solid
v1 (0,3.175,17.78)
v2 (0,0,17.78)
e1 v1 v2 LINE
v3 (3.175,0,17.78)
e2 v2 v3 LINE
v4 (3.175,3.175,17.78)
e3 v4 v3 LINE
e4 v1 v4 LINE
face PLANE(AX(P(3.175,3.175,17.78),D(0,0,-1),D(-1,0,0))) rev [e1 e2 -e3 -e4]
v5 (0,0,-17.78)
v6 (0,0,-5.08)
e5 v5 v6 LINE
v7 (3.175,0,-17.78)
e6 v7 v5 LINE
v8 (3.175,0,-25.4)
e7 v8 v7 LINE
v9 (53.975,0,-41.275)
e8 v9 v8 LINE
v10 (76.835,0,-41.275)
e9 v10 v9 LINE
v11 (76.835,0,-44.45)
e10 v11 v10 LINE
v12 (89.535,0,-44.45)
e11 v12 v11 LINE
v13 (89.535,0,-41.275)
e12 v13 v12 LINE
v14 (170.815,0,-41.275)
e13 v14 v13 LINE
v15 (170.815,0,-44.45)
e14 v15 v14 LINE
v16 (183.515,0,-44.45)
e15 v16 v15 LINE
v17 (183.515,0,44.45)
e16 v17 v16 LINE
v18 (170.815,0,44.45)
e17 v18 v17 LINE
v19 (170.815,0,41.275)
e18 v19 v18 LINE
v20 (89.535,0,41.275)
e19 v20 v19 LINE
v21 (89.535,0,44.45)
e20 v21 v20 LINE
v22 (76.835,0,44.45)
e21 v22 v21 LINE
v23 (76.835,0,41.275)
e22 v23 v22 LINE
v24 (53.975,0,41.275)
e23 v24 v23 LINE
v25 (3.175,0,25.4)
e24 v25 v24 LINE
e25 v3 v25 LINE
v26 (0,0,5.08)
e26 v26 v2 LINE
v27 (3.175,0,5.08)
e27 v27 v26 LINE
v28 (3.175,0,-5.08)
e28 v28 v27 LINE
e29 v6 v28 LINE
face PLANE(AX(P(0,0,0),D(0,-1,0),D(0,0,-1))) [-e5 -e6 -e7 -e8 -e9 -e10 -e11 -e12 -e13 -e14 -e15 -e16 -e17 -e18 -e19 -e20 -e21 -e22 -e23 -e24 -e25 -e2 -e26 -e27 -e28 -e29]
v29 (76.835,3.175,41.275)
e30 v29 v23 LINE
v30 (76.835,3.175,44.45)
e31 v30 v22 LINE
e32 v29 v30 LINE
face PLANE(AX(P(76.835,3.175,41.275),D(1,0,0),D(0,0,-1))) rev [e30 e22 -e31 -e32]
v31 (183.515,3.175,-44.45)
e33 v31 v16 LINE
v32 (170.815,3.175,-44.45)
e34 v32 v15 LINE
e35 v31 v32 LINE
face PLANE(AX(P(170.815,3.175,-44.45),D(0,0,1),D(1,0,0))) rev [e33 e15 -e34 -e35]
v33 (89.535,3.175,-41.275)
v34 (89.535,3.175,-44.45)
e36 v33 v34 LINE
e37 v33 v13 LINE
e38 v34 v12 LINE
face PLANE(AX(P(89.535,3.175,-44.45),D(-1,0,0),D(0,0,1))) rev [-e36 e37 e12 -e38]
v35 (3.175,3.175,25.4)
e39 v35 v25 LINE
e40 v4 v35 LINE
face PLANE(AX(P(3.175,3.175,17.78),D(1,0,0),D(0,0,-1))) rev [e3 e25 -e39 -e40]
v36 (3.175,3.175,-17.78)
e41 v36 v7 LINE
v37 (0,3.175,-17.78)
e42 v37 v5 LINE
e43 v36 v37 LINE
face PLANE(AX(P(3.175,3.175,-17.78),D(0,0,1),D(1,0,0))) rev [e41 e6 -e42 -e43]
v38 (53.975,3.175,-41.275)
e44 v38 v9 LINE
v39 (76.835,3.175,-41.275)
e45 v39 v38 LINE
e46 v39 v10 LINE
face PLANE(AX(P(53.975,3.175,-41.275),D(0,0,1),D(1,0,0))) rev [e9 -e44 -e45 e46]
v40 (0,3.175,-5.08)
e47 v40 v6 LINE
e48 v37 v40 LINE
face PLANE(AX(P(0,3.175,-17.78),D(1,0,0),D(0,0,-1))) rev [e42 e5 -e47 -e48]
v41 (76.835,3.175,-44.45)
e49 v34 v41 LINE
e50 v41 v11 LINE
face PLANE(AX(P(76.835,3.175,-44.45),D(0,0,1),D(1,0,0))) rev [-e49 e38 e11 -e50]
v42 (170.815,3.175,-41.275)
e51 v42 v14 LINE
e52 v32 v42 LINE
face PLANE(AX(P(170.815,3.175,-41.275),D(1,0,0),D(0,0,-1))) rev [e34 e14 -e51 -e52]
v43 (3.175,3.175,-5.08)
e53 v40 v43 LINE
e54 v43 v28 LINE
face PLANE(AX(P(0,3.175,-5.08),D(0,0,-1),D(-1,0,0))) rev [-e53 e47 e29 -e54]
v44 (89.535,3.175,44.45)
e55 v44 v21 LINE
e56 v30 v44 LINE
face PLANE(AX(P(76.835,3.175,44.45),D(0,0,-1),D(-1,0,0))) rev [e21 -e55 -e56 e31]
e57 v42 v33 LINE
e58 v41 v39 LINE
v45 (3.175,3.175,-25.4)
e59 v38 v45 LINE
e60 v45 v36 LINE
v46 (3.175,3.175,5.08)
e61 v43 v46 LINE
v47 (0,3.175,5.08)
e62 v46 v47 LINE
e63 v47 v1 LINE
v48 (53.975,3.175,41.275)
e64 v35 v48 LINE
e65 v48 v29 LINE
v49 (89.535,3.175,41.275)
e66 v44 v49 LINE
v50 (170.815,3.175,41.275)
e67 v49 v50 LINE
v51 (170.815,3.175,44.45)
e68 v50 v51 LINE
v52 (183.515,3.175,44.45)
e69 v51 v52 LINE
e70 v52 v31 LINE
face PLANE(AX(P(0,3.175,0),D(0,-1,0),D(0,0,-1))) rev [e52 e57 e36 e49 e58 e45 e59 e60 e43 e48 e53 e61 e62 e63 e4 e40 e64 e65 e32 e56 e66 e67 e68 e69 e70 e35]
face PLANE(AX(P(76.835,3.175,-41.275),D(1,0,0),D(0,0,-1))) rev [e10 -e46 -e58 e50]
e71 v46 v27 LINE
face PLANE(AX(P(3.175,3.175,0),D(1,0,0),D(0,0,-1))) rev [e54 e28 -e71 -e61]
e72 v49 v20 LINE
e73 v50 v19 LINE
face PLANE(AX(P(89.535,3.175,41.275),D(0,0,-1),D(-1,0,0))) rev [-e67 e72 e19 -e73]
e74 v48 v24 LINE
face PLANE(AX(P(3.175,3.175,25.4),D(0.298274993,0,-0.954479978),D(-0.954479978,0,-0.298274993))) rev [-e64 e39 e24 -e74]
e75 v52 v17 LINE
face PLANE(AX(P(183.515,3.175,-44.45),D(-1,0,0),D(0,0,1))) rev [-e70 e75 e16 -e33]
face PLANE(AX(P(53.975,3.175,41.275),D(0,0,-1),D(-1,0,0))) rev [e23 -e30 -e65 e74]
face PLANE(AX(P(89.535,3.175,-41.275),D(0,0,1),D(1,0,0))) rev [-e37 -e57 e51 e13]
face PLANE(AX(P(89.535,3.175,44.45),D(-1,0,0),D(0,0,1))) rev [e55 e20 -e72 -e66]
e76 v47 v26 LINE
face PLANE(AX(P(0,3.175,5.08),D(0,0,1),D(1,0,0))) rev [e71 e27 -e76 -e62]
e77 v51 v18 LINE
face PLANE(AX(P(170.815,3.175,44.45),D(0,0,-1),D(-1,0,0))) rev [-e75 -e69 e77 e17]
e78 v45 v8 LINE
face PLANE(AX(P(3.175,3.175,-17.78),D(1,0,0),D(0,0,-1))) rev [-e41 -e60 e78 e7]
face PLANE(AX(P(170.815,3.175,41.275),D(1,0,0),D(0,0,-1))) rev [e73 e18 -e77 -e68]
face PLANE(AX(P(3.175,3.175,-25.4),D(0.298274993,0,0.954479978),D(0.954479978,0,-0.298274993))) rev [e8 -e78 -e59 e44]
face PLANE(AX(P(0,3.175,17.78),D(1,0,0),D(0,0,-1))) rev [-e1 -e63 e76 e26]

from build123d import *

# Parameters (mm, degrees)
BOSS_EXTRUDE1_DEPTH = 3.175


with BuildPart() as part:
    # Sketch1 → Boss-Extrude1 (new body)
    with BuildSketch(Plane(origin=(0, 0, 0), x_dir=(1, 0, 0), z_dir=(0, 1, 0))):
        Polygon((3.175, 0), (3.175, -5.08), (0, -5.08), (0, -17.78), (3.175, -17.78), (3.175, -25.4), (53.975, -41.275), (76.835, -41.275), (76.835, -44.45), (89.535, -44.45), (89.535, -41.275), (170.815, -41.275), (170.815, -44.45), (183.515, -44.45), (183.515, -41.275), (183.515, 41.275), (183.515, 44.45), (170.815, 44.45), (170.815, 41.275), (89.535, 41.275), (89.535, 44.45), (76.835, 44.45), (76.835, 41.275), (53.975, 41.275), (3.175, 25.4), (3.175, 17.78), (0, 17.78), (0, 5.08), (3.175, 5.08), align=None)
    extrude(amount=BOSS_EXTRUDE1_DEPTH)


solid = part.part
